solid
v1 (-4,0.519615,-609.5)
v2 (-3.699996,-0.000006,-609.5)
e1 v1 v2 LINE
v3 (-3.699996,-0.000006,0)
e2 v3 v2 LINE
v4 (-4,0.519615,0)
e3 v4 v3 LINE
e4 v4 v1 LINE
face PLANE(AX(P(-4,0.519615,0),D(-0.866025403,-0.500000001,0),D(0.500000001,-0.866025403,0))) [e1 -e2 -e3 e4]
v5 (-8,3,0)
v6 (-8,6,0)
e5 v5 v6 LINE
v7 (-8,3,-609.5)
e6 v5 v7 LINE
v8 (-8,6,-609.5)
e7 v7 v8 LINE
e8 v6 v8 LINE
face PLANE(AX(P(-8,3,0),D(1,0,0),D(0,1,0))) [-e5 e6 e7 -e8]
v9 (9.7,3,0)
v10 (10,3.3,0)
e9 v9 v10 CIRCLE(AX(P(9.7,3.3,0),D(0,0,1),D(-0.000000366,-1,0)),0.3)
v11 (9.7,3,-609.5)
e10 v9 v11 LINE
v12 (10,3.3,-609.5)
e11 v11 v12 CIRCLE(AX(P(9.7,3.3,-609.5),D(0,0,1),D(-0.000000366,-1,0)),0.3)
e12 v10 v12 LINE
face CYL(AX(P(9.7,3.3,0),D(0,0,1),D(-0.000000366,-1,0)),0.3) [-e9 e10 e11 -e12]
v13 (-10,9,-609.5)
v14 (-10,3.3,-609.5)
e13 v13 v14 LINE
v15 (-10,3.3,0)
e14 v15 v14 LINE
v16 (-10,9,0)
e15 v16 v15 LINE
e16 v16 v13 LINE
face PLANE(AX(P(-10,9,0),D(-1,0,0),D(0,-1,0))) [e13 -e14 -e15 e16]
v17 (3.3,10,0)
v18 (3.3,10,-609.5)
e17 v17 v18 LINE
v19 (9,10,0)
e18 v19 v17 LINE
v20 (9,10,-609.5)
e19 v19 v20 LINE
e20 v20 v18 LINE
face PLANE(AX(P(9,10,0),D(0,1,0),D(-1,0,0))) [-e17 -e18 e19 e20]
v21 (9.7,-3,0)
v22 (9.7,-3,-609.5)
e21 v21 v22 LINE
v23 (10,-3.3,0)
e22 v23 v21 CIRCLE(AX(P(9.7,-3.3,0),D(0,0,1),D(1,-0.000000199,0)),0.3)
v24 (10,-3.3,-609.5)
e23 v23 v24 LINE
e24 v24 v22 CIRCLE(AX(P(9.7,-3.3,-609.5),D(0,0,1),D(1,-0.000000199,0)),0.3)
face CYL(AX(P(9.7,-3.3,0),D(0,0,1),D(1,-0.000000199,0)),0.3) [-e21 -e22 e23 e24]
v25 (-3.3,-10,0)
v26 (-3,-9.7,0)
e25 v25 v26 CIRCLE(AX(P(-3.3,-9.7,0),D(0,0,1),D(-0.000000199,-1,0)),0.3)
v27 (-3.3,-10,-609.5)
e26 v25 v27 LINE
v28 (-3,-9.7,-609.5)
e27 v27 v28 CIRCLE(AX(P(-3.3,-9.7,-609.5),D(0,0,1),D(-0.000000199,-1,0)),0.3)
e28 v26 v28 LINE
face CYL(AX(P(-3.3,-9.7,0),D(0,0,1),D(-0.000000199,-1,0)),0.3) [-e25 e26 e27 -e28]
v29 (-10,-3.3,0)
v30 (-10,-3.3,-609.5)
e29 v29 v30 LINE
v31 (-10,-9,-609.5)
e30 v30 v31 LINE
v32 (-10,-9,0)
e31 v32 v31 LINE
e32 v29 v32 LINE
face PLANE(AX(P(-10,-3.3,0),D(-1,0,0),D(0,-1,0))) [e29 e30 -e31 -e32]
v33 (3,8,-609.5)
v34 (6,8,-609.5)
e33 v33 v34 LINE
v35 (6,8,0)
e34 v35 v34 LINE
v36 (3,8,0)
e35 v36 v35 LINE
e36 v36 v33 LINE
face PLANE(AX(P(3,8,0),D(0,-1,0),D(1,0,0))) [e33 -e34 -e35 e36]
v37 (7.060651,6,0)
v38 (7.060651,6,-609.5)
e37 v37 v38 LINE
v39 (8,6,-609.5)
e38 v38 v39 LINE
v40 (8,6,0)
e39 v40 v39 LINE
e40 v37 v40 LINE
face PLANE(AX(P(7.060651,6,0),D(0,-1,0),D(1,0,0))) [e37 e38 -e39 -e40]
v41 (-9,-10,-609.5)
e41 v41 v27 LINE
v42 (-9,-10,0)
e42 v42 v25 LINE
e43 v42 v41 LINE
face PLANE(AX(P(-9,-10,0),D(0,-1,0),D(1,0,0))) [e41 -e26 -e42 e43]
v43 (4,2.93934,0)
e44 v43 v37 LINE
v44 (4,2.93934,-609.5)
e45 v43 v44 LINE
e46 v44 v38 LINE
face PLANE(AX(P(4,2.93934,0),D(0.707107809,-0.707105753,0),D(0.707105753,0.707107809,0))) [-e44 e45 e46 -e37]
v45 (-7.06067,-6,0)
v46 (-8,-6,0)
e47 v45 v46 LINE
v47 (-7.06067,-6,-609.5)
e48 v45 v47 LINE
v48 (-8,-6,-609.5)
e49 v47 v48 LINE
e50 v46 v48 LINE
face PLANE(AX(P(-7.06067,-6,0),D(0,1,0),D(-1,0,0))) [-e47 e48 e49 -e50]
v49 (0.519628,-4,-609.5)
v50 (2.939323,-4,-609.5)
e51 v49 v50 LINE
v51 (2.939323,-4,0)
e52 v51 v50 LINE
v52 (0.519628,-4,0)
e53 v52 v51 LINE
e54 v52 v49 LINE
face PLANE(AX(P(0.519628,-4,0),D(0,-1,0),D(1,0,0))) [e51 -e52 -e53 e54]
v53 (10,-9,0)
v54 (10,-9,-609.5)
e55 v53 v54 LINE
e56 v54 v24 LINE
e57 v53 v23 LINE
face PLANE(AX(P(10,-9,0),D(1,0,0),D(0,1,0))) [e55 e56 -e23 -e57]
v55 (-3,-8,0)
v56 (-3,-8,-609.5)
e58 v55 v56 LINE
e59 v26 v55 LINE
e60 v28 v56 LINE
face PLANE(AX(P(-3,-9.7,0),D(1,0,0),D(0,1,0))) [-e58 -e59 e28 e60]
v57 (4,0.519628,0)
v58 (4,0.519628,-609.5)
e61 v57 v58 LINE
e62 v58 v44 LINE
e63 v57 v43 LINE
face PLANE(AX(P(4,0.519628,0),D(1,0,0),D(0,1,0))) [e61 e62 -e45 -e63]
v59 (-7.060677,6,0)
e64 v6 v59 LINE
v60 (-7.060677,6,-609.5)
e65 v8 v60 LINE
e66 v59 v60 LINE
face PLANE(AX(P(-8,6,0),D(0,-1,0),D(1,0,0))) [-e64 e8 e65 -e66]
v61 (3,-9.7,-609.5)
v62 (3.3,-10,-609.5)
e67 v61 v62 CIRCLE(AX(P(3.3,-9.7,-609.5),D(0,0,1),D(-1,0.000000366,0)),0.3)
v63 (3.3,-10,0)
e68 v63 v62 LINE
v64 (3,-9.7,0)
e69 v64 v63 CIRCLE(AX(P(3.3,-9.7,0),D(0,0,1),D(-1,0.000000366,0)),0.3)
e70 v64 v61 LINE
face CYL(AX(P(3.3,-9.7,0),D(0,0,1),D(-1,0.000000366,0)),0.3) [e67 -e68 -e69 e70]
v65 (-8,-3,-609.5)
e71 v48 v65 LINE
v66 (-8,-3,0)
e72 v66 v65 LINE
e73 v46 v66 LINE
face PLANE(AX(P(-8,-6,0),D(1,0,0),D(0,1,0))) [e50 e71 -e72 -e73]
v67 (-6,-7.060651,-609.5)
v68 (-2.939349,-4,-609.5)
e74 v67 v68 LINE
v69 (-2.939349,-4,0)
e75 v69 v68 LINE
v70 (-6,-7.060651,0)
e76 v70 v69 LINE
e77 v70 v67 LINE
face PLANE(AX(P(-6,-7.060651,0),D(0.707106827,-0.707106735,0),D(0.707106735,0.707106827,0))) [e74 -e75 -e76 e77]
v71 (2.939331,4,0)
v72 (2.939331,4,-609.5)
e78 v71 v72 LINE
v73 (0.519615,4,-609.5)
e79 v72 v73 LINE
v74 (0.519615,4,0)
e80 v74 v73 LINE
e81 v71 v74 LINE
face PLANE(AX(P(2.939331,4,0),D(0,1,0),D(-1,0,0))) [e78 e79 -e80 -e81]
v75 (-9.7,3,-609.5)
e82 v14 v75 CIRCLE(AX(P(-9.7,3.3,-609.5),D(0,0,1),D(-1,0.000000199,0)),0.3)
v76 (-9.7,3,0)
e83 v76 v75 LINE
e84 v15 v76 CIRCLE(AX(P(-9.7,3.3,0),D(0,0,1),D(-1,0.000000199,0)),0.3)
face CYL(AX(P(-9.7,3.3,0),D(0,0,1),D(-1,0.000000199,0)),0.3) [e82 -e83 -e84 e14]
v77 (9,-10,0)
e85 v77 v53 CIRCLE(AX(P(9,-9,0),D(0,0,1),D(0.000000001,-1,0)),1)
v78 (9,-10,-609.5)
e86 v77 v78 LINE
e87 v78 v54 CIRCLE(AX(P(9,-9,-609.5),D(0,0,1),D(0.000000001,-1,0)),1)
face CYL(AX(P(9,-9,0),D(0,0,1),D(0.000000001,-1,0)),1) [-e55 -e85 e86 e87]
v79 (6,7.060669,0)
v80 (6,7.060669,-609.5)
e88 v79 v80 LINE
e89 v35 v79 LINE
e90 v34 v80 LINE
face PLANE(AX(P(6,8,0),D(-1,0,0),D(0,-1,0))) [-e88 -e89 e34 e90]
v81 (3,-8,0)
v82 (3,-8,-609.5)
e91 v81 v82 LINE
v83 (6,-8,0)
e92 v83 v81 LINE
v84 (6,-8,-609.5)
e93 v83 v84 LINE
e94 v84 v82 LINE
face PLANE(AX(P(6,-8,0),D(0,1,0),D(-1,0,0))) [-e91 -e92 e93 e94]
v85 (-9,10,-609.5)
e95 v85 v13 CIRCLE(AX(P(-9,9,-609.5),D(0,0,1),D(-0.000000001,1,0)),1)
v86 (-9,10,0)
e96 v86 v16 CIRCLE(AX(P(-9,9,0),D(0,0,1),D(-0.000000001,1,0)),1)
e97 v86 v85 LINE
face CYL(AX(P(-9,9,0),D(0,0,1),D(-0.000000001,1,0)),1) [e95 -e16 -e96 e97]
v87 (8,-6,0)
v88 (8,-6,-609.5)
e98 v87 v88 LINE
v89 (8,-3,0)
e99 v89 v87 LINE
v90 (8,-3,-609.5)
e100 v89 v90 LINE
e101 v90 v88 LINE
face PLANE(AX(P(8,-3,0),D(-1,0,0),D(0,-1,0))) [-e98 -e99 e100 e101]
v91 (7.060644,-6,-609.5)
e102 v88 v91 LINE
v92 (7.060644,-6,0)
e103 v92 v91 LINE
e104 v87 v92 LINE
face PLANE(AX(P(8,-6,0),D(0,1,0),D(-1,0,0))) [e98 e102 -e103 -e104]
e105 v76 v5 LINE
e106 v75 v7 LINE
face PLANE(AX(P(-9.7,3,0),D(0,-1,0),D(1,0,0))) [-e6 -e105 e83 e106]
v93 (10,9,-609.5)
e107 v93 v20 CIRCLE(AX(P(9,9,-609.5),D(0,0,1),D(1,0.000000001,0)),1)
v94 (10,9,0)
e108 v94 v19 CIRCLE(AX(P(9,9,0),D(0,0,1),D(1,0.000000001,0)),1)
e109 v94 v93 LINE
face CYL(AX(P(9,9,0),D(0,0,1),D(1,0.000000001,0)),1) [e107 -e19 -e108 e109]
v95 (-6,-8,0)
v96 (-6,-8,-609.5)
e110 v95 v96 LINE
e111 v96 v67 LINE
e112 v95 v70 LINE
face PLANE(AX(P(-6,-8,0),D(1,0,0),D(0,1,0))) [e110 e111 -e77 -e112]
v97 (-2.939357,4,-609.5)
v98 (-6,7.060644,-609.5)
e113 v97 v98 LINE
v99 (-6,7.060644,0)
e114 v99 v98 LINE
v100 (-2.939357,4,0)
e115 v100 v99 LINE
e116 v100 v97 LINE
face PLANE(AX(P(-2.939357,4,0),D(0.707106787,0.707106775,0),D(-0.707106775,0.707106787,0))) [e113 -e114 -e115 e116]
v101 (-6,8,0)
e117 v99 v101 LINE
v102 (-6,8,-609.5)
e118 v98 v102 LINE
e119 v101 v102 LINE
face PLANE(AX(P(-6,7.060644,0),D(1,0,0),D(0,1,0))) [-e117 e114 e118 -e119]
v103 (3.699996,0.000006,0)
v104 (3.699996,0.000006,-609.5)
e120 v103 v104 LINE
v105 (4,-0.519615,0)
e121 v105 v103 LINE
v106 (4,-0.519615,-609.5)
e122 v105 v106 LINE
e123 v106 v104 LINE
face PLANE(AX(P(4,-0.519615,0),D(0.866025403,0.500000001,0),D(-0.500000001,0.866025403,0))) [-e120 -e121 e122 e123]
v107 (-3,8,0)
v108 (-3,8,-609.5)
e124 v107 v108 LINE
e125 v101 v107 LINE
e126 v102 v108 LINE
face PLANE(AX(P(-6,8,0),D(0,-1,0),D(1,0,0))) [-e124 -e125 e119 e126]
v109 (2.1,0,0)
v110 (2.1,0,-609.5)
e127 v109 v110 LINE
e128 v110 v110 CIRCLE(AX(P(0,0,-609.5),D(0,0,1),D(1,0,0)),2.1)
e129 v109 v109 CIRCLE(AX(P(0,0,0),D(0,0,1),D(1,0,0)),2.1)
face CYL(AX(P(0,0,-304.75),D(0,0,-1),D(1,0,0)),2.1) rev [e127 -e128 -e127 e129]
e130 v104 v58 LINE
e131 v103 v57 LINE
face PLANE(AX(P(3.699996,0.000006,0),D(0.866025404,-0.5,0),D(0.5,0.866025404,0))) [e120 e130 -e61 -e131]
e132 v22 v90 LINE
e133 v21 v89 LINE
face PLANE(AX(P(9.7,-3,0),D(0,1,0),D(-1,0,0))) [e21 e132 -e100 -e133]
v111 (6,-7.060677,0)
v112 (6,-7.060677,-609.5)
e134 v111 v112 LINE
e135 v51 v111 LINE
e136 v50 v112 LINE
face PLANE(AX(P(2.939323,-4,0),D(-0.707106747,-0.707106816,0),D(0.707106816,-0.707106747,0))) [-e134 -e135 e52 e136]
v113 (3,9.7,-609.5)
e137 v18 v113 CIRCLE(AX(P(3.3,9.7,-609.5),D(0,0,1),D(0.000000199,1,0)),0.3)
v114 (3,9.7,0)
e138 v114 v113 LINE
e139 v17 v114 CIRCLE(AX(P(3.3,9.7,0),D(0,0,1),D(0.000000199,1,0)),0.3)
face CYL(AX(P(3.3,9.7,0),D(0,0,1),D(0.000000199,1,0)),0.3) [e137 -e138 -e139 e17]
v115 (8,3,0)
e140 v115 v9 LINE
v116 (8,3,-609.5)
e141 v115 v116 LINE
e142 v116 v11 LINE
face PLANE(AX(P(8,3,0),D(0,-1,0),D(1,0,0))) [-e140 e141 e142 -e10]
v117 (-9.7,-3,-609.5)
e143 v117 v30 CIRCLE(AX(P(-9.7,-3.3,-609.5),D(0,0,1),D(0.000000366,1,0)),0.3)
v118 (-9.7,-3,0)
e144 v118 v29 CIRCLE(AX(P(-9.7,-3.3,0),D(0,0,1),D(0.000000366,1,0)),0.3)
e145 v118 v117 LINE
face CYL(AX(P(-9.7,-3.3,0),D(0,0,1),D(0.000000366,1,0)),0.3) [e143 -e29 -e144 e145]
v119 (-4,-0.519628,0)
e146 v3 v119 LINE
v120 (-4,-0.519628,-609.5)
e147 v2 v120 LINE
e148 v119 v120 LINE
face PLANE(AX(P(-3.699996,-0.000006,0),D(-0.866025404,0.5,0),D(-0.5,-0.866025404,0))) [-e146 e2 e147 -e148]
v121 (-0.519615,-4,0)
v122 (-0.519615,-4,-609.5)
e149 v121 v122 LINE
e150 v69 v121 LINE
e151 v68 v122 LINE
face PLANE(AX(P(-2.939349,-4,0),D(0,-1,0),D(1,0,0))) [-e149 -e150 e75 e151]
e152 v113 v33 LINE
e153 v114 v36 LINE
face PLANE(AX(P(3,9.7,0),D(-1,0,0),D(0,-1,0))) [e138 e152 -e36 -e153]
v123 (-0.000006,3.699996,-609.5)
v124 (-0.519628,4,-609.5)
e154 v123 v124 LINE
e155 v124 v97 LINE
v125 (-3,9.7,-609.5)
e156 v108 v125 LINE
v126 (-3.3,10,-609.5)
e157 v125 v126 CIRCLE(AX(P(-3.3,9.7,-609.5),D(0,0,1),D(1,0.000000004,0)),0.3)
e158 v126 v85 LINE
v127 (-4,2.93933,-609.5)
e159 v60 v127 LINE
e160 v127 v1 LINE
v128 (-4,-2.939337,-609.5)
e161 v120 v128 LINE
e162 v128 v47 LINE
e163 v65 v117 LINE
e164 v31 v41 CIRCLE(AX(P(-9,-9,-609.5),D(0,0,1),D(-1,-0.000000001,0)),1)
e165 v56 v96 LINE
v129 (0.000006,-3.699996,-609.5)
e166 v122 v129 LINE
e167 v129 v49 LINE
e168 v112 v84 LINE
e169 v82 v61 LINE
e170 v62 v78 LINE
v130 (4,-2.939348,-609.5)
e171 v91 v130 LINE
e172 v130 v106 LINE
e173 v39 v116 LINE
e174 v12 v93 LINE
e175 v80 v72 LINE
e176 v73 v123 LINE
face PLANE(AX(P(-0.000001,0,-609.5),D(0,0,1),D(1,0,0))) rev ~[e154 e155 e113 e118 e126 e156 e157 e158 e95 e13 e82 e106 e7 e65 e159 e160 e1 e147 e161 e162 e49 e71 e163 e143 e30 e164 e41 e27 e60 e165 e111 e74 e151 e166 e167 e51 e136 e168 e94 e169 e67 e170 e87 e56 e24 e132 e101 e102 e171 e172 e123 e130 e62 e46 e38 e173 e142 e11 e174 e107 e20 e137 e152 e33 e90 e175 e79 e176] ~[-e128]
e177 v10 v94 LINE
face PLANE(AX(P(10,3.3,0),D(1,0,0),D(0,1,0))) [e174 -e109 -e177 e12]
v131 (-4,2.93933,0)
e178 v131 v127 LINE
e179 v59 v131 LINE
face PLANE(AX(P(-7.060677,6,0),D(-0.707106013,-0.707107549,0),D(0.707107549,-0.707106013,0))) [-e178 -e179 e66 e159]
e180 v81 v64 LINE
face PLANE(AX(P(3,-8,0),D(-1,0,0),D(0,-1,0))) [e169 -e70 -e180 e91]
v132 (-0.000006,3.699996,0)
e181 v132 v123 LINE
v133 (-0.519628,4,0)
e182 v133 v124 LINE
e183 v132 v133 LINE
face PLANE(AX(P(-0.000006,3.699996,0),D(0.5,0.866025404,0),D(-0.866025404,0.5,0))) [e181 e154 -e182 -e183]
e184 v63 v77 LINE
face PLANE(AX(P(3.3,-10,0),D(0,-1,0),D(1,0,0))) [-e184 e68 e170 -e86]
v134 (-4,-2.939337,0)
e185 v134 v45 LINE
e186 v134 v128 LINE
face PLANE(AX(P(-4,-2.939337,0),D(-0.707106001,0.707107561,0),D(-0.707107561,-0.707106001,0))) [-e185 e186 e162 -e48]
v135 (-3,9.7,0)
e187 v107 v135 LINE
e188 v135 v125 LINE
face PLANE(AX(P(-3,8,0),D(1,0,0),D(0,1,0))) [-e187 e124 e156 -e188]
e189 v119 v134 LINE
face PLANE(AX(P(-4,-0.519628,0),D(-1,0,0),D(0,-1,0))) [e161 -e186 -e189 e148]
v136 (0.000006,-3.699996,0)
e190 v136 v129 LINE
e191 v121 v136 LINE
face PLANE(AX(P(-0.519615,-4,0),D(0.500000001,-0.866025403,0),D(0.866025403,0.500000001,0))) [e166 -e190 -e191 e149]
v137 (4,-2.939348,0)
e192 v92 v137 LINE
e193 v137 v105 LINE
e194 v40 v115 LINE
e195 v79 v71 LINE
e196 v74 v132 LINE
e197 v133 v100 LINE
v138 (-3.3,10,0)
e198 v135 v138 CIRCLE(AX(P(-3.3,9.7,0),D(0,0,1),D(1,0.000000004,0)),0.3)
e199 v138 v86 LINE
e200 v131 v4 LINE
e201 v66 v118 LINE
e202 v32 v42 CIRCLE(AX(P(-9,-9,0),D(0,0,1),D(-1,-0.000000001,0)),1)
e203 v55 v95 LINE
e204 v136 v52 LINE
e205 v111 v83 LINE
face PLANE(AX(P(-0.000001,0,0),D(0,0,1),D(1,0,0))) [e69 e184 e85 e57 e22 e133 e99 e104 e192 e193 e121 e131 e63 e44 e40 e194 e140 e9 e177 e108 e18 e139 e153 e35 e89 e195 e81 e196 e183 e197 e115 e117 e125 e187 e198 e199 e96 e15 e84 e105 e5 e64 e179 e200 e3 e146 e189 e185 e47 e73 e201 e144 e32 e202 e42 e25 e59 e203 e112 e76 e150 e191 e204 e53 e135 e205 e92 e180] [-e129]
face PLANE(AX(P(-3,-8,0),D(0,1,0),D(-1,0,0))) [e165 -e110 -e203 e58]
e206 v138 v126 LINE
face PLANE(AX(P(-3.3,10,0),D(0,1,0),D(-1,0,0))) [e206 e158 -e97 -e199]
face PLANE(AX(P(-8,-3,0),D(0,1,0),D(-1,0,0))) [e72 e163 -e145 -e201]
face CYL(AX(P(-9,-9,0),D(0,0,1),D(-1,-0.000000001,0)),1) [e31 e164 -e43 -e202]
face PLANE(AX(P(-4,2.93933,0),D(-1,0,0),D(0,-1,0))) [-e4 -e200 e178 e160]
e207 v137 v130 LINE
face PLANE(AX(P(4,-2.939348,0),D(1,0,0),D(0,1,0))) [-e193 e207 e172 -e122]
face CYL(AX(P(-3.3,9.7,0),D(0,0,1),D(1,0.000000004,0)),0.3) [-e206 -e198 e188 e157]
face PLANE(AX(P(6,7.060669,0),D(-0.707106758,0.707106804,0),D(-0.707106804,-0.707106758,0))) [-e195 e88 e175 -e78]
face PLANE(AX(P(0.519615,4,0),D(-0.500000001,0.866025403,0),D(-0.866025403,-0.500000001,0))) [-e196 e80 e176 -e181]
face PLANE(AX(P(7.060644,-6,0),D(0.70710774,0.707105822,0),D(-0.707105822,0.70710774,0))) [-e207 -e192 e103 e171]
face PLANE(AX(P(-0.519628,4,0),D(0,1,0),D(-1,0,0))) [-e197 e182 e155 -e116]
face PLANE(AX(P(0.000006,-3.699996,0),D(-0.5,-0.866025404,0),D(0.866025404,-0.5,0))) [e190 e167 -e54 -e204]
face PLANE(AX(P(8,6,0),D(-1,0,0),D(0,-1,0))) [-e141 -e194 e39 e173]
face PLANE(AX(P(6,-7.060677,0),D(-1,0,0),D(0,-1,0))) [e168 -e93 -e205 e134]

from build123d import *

# Parameters (mm, degrees)
BOSS_EXTRUDE1_DEPTH = 609.5
SKETCH2_W           = 609.5
SKETCH2_H           = 2.1


with BuildPart() as part:
    # Sketch1 → Boss-Extrude1 (new body)
    with BuildSketch(Plane.XY):
        with BuildLine():
            Line((-10, 9), (-10, 3.29999995))
            ThreePointArc((-10, 3.29999995), (-9.912132049, 3.087867916), (-9.7, 3))
            Line((-9.7, 3), (-8, 3))
            Line((-8, 3), (-8, 6))
            Line((-8, 6), (-7.060677, 6))
            Line((-7.060677, 6), (-4, 2.93932965))
            Line((-4, 2.93932965), (-4, 0.519615242))
            Line((-4, 0.519615242), (-3.699996283, -6.437e-06))
            Line((-3.699996283, -6.437e-06), (-4, -0.519628117))
            Line((-4, -0.519628117), (-4, -2.93933725))
            Line((-4, -2.93933725), (-7.0606695, -6))
            Line((-7.0606695, -6), (-8, -6))
            Line((-8, -6), (-8, -3))
            Line((-8, -3), (-9.7, -3))
            ThreePointArc((-9.7, -3), (-9.912132049, -3.087867916), (-10, -3.29999995))
            Line((-10, -3.29999995), (-10, -9))
            ThreePointArc((-10, -9), (-9.707106781, -9.707106781), (-9, -10))
            Line((-9, -10), (-3.29999995, -10))
            ThreePointArc((-3.29999995, -10), (-3.087867916, -9.912132049), (-3, -9.7))
            Line((-3, -9.7), (-3, -8))
            Line((-3, -8), (-6, -8))
            Line((-6, -8), (-6, -7.0606515))
            Line((-6, -7.0606515), (-2.9393489, -4))
            Line((-2.9393489, -4), (-0.519615242, -4))
            Line((-0.519615242, -4), (6.437e-06, -3.699996283))
            Line((6.437e-06, -3.699996283), (0.519628117, -4))
            Line((0.519628117, -4), (2.9393227, -4))
            Line((2.9393227, -4), (6, -7.060677))
            Line((6, -7.060677), (6, -8))
            Line((6, -8), (3, -8))
            Line((3, -8), (3, -9.7))
            ThreePointArc((3, -9.7), (3.087867916, -9.912132049), (3.29999995, -10))
            Line((3.29999995, -10), (9, -10))
            ThreePointArc((9, -10), (9.707106781, -9.707106781), (10, -9))
            Line((10, -9), (10, -3.29999995))
            ThreePointArc((10, -3.29999995), (9.912132049, -3.087867916), (9.7, -3))
            Line((9.7, -3), (8, -3))
            Line((8, -3), (8, -6))
            Line((8, -6), (7.0606435, -6))
            Line((7.0606435, -6), (4, -2.9393482))
            Line((4, -2.9393482), (4, -0.519615242))
            Line((4, -0.519615242), (3.699996283, 6.437e-06))
            Line((3.699996283, 6.437e-06), (4, 0.519628117))
            Line((4, 0.519628117), (4, 2.9393401))
            Line((4, 2.9393401), (7.060651, 6))
            Line((7.060651, 6), (8, 6))
            Line((8, 6), (8, 3))
            Line((8, 3), (9.7, 3))
            ThreePointArc((9.7, 3), (9.912132049, 3.087867916), (10, 3.29999995))
            Line((10, 3.29999995), (10, 9))
            ThreePointArc((10, 9), (9.707106781, 9.707106781), (9, 10))
            Line((9, 10), (3.29999995, 10))
            ThreePointArc((3.29999995, 10), (3.087867916, 9.912132049), (3, 9.7))
            Line((3, 9.7), (3, 8))
            Line((3, 8), (6, 8))
            Line((6, 8), (6, 7.060669))
            Line((6, 7.060669), (2.9393308, 4))
            Line((2.9393308, 4), (0.519615242, 4))
            Line((0.519615242, 4), (-6.437e-06, 3.699996283))
            Line((-6.437e-06, 3.699996283), (-0.519628117, 4))
            Line((-0.519628117, 4), (-2.93935655, 4))
            Line((-2.93935655, 4), (-6, 7.0606435))
            Line((-6, 7.0606435), (-6, 8))
            Line((-6, 8), (-3, 8))
            Line((-3, 8), (-3, 9.7))
            ThreePointArc((-3, 9.7), (-3.087867966, 9.912132034), (-3.3, 10))
            Line((-3.3, 10), (-9, 10))
            ThreePointArc((-9, 10), (-9.707106781, 9.707106781), (-10, 9))
        make_face()
    extrude(amount=-BOSS_EXTRUDE1_DEPTH)

    # Sketch2 → Cut-Revolve1 (revolve, cut)
    with BuildSketch(Plane(origin=(0, 0, 0), x_dir=(0, 0, -1), z_dir=(1, 0, 0)), mode=Mode.PRIVATE) as cut_revolve1_sk:
        with Locations((304.75, 1.05)):
            Rectangle(SKETCH2_W, SKETCH2_H)
    revolve(cut_revolve1_sk.sketch.rotate(Axis((0, 0, -609.5), (0, 0, 1)), 270), axis=Axis((0, 0, -609.5), (0, 0, 1)), mode=Mode.SUBTRACT)


solid = part.part
